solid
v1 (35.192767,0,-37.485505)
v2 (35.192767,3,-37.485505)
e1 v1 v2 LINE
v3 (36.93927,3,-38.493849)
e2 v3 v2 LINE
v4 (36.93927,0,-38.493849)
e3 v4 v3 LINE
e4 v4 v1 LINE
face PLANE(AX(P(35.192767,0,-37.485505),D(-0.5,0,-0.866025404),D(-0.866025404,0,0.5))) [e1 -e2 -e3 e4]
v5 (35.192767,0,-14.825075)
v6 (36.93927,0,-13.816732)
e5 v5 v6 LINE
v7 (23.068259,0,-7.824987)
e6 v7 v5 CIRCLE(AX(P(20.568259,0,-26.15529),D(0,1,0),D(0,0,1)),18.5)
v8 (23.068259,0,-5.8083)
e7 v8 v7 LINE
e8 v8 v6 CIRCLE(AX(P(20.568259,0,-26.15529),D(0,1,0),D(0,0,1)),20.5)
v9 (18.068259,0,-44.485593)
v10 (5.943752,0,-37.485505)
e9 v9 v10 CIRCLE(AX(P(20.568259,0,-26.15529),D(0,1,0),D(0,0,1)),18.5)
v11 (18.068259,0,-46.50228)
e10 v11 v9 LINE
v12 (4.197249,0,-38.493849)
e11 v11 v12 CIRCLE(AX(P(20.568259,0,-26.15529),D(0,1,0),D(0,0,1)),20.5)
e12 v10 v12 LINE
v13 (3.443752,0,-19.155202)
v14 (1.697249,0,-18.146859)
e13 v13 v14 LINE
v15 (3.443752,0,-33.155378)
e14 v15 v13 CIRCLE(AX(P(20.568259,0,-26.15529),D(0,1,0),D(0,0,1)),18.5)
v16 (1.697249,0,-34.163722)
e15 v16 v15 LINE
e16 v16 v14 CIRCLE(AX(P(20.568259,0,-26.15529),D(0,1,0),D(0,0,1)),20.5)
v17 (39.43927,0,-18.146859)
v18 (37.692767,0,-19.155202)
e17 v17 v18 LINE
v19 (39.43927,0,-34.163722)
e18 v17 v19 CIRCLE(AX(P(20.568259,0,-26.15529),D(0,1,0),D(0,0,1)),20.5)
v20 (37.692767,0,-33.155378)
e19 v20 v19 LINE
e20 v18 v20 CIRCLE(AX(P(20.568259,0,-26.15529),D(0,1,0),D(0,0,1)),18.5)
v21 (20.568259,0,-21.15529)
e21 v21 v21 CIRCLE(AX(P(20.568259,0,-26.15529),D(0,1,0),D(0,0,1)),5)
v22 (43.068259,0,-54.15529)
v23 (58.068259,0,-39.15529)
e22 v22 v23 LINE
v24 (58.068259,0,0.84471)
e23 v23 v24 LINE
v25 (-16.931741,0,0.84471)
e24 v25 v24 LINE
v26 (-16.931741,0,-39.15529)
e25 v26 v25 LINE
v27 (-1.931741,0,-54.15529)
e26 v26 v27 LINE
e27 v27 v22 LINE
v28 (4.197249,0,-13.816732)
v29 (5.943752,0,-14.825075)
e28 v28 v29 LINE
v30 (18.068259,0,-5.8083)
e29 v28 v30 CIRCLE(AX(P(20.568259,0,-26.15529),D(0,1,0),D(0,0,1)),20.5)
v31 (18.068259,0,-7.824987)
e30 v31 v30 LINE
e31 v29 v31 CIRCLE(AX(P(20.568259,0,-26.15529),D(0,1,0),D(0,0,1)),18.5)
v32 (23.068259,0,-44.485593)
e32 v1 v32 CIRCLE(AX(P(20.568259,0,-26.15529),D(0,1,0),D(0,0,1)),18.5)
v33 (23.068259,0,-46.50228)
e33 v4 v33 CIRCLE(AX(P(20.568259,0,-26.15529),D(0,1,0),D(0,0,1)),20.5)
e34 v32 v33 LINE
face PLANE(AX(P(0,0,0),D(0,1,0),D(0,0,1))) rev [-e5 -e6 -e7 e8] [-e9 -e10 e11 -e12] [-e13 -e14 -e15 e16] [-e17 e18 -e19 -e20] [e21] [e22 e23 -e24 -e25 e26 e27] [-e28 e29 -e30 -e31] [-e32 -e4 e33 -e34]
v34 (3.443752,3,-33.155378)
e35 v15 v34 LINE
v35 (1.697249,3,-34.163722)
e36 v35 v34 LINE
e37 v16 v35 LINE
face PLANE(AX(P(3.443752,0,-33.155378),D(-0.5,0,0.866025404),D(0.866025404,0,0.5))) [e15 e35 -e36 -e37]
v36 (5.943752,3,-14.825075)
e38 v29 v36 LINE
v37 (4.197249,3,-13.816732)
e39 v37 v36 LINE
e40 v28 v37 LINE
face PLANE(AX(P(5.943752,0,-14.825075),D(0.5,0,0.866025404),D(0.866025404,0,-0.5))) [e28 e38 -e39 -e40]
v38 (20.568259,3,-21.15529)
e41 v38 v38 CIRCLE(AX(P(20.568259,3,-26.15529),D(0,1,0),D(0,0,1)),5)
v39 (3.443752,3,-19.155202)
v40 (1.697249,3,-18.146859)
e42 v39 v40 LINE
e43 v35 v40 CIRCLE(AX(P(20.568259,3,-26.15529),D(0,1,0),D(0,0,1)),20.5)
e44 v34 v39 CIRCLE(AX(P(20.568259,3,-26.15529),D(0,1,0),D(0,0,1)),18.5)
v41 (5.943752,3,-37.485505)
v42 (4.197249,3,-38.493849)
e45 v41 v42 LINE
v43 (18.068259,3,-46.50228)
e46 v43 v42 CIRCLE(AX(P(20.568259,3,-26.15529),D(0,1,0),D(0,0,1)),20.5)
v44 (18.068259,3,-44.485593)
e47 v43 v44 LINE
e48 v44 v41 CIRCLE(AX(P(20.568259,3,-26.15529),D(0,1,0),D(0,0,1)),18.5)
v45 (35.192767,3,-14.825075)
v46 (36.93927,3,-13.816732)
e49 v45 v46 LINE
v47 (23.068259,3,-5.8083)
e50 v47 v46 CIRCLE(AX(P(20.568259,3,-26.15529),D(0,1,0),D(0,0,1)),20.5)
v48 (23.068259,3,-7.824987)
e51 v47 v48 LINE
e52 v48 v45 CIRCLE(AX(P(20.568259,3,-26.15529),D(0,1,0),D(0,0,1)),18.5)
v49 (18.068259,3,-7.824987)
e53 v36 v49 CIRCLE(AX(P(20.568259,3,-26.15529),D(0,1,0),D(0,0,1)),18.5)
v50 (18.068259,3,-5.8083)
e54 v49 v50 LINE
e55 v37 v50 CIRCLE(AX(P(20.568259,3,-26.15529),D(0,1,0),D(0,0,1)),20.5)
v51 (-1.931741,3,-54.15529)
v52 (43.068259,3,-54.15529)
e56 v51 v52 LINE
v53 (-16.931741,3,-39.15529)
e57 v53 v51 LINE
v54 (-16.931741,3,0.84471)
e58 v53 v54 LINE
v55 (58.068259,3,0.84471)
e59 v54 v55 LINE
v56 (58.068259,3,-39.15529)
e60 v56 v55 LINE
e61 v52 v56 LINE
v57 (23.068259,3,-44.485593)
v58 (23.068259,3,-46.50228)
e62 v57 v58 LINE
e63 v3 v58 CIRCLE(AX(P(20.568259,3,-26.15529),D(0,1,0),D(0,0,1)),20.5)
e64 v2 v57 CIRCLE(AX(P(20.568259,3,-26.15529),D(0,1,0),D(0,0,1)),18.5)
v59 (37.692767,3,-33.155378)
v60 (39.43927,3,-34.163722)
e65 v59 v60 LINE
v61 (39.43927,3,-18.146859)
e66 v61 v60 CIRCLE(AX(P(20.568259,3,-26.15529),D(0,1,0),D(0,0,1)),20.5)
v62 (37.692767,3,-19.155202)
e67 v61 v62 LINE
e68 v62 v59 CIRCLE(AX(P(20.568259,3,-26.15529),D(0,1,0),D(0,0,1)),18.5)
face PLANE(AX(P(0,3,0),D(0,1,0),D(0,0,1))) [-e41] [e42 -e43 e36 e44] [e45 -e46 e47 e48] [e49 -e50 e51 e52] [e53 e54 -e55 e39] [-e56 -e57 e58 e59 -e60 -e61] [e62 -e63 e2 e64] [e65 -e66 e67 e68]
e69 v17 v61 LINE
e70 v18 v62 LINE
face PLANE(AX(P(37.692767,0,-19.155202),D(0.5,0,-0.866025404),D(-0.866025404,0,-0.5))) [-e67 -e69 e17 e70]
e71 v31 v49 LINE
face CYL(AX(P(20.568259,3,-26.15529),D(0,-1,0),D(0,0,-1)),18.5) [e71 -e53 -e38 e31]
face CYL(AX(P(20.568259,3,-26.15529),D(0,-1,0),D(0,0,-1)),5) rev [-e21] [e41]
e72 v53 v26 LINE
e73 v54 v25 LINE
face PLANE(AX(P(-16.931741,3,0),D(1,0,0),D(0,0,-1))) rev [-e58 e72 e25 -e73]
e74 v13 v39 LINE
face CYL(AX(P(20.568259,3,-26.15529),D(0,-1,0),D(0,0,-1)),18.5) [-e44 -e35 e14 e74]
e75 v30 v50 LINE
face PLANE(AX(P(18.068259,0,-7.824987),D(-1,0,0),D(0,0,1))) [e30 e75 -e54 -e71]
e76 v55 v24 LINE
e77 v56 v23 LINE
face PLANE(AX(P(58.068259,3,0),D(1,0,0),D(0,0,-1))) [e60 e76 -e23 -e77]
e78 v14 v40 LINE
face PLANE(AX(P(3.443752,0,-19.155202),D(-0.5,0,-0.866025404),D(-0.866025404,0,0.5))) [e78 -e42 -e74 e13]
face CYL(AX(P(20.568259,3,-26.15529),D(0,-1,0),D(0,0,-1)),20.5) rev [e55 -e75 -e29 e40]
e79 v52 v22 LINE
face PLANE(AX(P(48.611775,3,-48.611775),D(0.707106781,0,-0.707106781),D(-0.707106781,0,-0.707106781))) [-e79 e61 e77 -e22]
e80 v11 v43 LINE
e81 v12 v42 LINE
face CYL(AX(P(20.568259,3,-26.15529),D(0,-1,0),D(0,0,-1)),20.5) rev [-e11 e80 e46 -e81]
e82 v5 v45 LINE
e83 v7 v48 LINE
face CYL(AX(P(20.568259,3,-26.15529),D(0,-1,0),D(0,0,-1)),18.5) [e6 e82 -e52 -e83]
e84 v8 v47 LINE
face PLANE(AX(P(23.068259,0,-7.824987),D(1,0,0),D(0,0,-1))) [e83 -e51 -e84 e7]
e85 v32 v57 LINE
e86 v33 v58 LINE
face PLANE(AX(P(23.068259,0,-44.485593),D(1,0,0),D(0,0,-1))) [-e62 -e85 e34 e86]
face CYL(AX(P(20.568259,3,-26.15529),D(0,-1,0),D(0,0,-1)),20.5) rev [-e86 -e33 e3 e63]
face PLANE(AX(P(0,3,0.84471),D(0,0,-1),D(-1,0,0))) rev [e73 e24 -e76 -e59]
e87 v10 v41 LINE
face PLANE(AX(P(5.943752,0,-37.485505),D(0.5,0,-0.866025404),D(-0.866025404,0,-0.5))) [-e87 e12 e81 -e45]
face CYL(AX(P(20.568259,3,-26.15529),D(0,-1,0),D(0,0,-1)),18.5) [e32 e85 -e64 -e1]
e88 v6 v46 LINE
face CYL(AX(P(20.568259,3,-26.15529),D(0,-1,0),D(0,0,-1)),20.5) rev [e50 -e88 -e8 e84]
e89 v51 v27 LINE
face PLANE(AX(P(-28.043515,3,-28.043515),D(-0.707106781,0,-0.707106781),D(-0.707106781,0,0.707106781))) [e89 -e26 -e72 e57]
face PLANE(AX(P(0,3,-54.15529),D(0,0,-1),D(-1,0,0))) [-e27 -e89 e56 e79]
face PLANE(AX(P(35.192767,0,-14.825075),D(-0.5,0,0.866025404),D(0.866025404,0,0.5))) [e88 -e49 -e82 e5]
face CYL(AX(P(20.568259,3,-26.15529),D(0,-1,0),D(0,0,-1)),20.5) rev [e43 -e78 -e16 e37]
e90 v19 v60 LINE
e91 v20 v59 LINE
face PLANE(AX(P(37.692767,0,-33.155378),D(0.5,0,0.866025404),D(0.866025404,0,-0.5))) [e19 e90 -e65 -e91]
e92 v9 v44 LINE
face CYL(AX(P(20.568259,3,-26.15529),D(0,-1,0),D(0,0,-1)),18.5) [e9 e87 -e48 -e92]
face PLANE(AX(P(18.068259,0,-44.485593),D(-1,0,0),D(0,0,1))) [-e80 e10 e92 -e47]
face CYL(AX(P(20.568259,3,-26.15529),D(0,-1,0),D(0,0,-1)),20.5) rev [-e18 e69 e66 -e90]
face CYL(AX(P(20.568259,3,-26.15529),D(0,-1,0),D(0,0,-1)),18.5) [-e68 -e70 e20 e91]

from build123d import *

# Parameters (mm, degrees)
SKETCH1_R             = 18.5
SKETCH1_R_2           = 5
BOSS_EXTRUDE1_DEPTH   = 3
SKETCH1_R_3           = 20.5
BOSS_EXTRUDE1_2_DEPTH = 3
BOSS_EXTRUDE2_DEPTH   = 3


with BuildPart() as part:
    # Sketch1 → Boss-Extrude1 (new body)
    with BuildSketch(Plane(origin=(0, 0, 0), x_dir=(1, 0, 0), z_dir=(0, 1, 0))):
        with Locations((20.568259386, 26.155290102)):
            Circle(SKETCH1_R)
        with Locations((20.568259386, 26.155290102)):
            Circle(SKETCH1_R_2, mode=Mode.SUBTRACT)
    extrude(amount=BOSS_EXTRUDE1_DEPTH)



with BuildPart() as body_2:
    # Sketch1 → Boss-Extrude1 2 (new body)
    with BuildSketch(Plane(origin=(0, 0, 0), x_dir=(1, 0, 0), z_dir=(0, 1, 0))):
        Polygon((-16.931740614, 39.155290102), (-1.931740614, 54.155290102), (43.068259386, 54.155290102), (58.068259386, 39.155290102), (58.068259386, -0.844709898), (-16.931740614, -0.844709898), align=None)
        with Locations((20.568259386, 26.155290102)):
            Circle(SKETCH1_R_3, mode=Mode.SUBTRACT)
    extrude(amount=BOSS_EXTRUDE1_2_DEPTH)


with BuildPart() as part_1:
    add(part.part)

    add(body_2.part)  # Boss-Extrude2 merges body 2
    # Sketch2 → Boss-Extrude2 (add, through all)
    with BuildSketch(Plane(origin=(0, 3, 0), x_dir=(1, 0, 0), z_dir=(0, 1, 0))):
        with BuildLine():
            Line((18.068259386, 44.485592882), (18.068259386, 46.502280052))
            ThreePointArc((18.068259386, 46.502280052), (20.568259386, 46.655290102), (23.068259386, 46.502280052))
            Line((23.068259386, 46.502280052), (23.068259386, 44.485592882))
            ThreePointArc((23.068259386, 44.485592882), (20.568259386, 44.655290102), (18.068259386, 44.485592882))
        make_face()
        with BuildLine():
            Line((35.192767252, 37.485505002), (36.939269572, 38.493848587))
            ThreePointArc((36.939269572, 38.493848587), (38.321780163, 36.405290102), (39.439269572, 34.163721568))
            Line((39.439269572, 34.163721568), (37.692767252, 33.155377983))
            ThreePointArc((37.692767252, 33.155377983), (36.589729356, 35.405290102), (35.192767252, 37.485505002))
        make_face()
        with BuildLine():
            Line((37.692767252, 19.155202222), (39.439269572, 18.146858637))
            ThreePointArc((39.439269572, 18.146858637), (38.321780163, 15.905290102), (36.939269572, 13.816731618))
            Line((36.939269572, 13.816731618), (35.192767252, 14.825075203))
            ThreePointArc((35.192767252, 14.825075203), (36.589729356, 16.905290102), (37.692767252, 19.155202222))
        make_face()
        with BuildLine():
            Line((23.068259386, 7.824987323), (23.068259386, 5.808300153))
            ThreePointArc((23.068259386, 5.808300153), (20.568259386, 5.655290102), (18.068259386, 5.808300153))
            Line((18.068259386, 5.808300153), (18.068259386, 7.824987323))
            ThreePointArc((18.068259386, 7.824987323), (20.568259386, 7.655290102), (23.068259386, 7.824987323))
        make_face()
        with BuildLine():
            Line((5.943751519, 14.825075203), (4.197249199, 13.816731618))
            ThreePointArc((4.197249199, 13.816731618), (2.814738608, 15.905290102), (1.697249199, 18.146858637))
            Line((1.697249199, 18.146858637), (3.443751519, 19.155202222))
            ThreePointArc((3.443751519, 19.155202222), (4.546789416, 16.905290102), (5.943751519, 14.825075203))
        make_face()
        with BuildLine():
            Line((3.443751519, 33.155377983), (1.697249199, 34.163721568))
            ThreePointArc((1.697249199, 34.163721568), (2.814738608, 36.405290102), (4.197249199, 38.493848587))
            Line((4.197249199, 38.493848587), (5.943751519, 37.485505002))
            ThreePointArc((5.943751519, 37.485505002), (4.546789416, 35.405290102), (3.443751519, 33.155377983))
        make_face()
    extrude(amount=-BOSS_EXTRUDE2_DEPTH)


solid = part_1.part
